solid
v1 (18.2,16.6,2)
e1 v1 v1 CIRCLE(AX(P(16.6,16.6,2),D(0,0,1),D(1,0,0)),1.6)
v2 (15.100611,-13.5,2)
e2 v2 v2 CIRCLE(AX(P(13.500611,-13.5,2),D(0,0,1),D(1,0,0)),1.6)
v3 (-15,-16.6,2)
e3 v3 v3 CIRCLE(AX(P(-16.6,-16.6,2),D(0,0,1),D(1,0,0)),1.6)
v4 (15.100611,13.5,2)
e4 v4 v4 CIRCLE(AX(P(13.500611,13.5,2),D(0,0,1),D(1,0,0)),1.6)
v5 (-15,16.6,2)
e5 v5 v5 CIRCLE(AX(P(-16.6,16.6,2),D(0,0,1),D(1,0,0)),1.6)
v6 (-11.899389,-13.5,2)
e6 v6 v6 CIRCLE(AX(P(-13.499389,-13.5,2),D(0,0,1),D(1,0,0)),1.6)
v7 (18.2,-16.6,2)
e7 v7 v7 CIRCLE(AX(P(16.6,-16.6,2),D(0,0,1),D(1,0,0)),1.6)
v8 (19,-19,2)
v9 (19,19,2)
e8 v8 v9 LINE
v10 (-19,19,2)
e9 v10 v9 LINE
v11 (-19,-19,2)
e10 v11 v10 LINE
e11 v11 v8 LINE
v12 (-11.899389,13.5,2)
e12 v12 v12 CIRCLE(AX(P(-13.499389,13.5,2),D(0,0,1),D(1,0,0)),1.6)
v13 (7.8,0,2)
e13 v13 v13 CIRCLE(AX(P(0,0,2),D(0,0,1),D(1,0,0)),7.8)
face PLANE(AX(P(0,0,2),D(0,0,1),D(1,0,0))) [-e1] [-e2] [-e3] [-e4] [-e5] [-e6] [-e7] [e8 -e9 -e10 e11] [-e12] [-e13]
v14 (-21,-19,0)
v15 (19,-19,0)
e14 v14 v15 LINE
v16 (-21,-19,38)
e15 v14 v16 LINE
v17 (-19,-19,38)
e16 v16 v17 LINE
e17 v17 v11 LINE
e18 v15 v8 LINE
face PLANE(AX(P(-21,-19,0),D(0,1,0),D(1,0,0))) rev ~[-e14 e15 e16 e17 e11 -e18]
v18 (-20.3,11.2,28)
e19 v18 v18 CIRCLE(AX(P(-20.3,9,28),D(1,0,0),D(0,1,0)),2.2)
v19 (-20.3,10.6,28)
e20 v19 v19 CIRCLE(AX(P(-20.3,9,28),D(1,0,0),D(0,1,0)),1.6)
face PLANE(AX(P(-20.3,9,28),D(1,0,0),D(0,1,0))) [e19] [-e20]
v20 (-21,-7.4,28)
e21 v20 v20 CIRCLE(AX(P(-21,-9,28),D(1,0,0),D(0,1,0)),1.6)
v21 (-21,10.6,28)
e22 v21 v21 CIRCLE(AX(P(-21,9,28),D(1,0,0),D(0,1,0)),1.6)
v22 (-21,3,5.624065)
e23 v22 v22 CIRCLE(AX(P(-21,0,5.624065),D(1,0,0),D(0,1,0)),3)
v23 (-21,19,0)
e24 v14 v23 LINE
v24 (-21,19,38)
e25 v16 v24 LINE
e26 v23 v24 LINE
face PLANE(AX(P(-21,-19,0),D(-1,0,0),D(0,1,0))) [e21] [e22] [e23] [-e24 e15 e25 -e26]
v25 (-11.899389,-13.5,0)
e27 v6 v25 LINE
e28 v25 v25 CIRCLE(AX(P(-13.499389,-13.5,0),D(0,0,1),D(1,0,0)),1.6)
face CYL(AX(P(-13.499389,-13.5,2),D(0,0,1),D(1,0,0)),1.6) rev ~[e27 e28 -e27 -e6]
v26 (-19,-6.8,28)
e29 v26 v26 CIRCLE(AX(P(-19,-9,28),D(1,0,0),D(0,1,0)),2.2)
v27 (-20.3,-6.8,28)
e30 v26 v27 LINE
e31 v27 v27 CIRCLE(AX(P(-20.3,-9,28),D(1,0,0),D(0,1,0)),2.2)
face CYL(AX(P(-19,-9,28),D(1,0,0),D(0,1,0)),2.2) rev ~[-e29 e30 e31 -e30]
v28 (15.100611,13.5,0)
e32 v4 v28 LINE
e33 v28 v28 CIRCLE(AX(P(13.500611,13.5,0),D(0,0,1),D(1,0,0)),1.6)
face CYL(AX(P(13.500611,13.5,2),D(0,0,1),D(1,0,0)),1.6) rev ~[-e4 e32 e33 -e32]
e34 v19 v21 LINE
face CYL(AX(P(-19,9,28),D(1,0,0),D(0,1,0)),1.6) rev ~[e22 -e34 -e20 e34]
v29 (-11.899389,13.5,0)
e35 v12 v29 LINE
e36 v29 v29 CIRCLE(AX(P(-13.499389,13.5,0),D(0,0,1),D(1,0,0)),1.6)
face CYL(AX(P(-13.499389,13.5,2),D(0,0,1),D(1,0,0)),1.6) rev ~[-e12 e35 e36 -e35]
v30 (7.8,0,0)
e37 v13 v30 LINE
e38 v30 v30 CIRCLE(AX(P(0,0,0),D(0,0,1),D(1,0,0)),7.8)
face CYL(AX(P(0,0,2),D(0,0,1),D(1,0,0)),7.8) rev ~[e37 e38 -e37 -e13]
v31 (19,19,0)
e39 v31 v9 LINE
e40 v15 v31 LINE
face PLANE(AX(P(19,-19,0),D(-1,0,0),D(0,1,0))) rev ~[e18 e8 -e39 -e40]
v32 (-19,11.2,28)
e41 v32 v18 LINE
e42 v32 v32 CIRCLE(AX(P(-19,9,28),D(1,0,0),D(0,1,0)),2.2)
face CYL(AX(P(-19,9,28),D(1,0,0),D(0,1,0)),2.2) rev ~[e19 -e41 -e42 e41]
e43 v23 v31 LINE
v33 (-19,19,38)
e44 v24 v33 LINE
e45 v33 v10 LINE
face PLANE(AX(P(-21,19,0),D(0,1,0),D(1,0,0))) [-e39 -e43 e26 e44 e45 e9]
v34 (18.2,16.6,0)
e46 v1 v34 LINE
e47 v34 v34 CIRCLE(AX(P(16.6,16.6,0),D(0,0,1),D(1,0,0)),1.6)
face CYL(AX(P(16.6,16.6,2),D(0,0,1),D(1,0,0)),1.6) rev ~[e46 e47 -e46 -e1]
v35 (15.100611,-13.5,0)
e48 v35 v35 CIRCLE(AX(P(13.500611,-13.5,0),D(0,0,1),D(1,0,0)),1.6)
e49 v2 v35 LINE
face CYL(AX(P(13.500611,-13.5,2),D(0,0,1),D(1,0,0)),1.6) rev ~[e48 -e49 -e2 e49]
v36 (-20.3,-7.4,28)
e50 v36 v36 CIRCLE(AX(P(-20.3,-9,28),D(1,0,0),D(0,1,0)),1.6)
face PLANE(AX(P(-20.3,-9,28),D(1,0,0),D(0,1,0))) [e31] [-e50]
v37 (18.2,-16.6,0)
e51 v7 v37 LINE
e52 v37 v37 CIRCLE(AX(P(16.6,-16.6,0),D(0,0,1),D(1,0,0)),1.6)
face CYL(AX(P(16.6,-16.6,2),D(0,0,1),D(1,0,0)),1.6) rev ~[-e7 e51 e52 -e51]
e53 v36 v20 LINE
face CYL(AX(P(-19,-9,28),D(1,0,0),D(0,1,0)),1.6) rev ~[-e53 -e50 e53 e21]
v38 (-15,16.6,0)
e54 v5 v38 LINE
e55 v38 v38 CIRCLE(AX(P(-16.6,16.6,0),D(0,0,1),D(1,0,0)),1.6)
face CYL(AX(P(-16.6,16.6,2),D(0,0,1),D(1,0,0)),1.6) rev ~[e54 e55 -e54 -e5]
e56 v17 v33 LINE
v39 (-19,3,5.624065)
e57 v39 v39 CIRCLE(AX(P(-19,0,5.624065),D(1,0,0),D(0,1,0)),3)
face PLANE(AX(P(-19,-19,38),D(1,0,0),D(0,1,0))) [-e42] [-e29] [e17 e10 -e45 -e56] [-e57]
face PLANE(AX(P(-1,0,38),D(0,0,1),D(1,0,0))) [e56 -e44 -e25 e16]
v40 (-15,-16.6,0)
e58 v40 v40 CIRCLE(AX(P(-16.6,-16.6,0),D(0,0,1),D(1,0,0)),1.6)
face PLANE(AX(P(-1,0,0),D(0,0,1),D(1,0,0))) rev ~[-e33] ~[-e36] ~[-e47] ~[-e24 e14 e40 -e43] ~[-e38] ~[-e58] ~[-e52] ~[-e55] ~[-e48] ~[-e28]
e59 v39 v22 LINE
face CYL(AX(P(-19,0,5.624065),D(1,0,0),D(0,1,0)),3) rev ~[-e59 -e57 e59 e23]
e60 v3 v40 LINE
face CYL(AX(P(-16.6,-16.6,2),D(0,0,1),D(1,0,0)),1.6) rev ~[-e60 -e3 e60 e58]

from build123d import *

# Parameters (mm, degrees)
SKETCH_W        = 40
SKETCH_H        = 38
PAD_DEPTH       = 38
SKETCH001_W     = 38
SKETCH001_H     = 38
POCKET_DEPTH    = 36
SKETCH002_R     = 1.6
POCKET001_DEPTH = 2
SKETCH004_R     = 3
POCKET002_DEPTH = 3
SKETCH005_R     = 1.6
POCKET003_DEPTH = 3
SKETCH006_R     = 2.2
POCKET004_DEPTH = 1.3
SKETCH007_R     = 7.8
POCKET005_DEPTH = 2


with BuildPart() as part:
    # Sketch → Pad (new body)
    with BuildSketch(Plane.XY):
        with Locations((-1, 0)):
            Rectangle(SKETCH_W, SKETCH_H)
    extrude(amount=PAD_DEPTH)

    # Sketch001 (on Face6 of Pad) → Pocket (cut)
    with BuildSketch(Plane.XY.offset(38)):
        Rectangle(SKETCH001_W, SKETCH001_H)
    extrude(amount=-POCKET_DEPTH, mode=Mode.SUBTRACT)

    # Sketch002 (on Face4 of Pocket) → Pocket001 (cut)
    with BuildSketch(Plane.XY.offset(2)):
        with Locations((13.500611, 13.5)):
            Circle(SKETCH002_R)
        with Locations((-13.499389, -13.5)):
            Circle(SKETCH002_R)
        with Locations((13.500611, -13.5)):
            Circle(SKETCH002_R)
        with Locations((-13.499389, 13.5)):
            Circle(SKETCH002_R)
        with Locations((-16.6, 16.6)):
            Circle(SKETCH002_R)
        with Locations((16.6, 16.6)):
            Circle(SKETCH002_R)
        with Locations((16.6, -16.6)):
            Circle(SKETCH002_R)
        with Locations((-16.6, -16.6)):
            Circle(SKETCH002_R)
    extrude(amount=-POCKET001_DEPTH, mode=Mode.SUBTRACT)

    # Sketch004 (on Face5 of Pocket001) → Pocket002 (cut)
    with BuildSketch(Plane.YZ.offset(-19)):
        with Locations((0, 5.624065)):
            Circle(SKETCH004_R)
    extrude(amount=-POCKET002_DEPTH, mode=Mode.SUBTRACT)

    # Sketch005 (on Face5 of Pocket002) → Pocket003 (cut)
    with BuildSketch(Plane.YZ.offset(-19)):
        with Locations((-9, 28)):
            Circle(SKETCH005_R)
        with Locations((9, 28)):
            Circle(SKETCH005_R)
    extrude(amount=-POCKET003_DEPTH, mode=Mode.SUBTRACT)

    # Sketch006 (on Face5 of Pocket003) → Pocket004 (cut)
    with BuildSketch(Plane.YZ.offset(-19)):
        with Locations((-9, 28)):
            Circle(SKETCH006_R)
        with Locations((9, 28)):
            Circle(SKETCH006_R)
    extrude(amount=-POCKET004_DEPTH, mode=Mode.SUBTRACT)

    # Sketch007 (on Face4 of Pocket004) → Pocket005 (cut)
    with BuildSketch(Plane.XY.offset(2)):
        Circle(SKETCH007_R)
    extrude(amount=-POCKET005_DEPTH, mode=Mode.SUBTRACT)


solid = part.part
